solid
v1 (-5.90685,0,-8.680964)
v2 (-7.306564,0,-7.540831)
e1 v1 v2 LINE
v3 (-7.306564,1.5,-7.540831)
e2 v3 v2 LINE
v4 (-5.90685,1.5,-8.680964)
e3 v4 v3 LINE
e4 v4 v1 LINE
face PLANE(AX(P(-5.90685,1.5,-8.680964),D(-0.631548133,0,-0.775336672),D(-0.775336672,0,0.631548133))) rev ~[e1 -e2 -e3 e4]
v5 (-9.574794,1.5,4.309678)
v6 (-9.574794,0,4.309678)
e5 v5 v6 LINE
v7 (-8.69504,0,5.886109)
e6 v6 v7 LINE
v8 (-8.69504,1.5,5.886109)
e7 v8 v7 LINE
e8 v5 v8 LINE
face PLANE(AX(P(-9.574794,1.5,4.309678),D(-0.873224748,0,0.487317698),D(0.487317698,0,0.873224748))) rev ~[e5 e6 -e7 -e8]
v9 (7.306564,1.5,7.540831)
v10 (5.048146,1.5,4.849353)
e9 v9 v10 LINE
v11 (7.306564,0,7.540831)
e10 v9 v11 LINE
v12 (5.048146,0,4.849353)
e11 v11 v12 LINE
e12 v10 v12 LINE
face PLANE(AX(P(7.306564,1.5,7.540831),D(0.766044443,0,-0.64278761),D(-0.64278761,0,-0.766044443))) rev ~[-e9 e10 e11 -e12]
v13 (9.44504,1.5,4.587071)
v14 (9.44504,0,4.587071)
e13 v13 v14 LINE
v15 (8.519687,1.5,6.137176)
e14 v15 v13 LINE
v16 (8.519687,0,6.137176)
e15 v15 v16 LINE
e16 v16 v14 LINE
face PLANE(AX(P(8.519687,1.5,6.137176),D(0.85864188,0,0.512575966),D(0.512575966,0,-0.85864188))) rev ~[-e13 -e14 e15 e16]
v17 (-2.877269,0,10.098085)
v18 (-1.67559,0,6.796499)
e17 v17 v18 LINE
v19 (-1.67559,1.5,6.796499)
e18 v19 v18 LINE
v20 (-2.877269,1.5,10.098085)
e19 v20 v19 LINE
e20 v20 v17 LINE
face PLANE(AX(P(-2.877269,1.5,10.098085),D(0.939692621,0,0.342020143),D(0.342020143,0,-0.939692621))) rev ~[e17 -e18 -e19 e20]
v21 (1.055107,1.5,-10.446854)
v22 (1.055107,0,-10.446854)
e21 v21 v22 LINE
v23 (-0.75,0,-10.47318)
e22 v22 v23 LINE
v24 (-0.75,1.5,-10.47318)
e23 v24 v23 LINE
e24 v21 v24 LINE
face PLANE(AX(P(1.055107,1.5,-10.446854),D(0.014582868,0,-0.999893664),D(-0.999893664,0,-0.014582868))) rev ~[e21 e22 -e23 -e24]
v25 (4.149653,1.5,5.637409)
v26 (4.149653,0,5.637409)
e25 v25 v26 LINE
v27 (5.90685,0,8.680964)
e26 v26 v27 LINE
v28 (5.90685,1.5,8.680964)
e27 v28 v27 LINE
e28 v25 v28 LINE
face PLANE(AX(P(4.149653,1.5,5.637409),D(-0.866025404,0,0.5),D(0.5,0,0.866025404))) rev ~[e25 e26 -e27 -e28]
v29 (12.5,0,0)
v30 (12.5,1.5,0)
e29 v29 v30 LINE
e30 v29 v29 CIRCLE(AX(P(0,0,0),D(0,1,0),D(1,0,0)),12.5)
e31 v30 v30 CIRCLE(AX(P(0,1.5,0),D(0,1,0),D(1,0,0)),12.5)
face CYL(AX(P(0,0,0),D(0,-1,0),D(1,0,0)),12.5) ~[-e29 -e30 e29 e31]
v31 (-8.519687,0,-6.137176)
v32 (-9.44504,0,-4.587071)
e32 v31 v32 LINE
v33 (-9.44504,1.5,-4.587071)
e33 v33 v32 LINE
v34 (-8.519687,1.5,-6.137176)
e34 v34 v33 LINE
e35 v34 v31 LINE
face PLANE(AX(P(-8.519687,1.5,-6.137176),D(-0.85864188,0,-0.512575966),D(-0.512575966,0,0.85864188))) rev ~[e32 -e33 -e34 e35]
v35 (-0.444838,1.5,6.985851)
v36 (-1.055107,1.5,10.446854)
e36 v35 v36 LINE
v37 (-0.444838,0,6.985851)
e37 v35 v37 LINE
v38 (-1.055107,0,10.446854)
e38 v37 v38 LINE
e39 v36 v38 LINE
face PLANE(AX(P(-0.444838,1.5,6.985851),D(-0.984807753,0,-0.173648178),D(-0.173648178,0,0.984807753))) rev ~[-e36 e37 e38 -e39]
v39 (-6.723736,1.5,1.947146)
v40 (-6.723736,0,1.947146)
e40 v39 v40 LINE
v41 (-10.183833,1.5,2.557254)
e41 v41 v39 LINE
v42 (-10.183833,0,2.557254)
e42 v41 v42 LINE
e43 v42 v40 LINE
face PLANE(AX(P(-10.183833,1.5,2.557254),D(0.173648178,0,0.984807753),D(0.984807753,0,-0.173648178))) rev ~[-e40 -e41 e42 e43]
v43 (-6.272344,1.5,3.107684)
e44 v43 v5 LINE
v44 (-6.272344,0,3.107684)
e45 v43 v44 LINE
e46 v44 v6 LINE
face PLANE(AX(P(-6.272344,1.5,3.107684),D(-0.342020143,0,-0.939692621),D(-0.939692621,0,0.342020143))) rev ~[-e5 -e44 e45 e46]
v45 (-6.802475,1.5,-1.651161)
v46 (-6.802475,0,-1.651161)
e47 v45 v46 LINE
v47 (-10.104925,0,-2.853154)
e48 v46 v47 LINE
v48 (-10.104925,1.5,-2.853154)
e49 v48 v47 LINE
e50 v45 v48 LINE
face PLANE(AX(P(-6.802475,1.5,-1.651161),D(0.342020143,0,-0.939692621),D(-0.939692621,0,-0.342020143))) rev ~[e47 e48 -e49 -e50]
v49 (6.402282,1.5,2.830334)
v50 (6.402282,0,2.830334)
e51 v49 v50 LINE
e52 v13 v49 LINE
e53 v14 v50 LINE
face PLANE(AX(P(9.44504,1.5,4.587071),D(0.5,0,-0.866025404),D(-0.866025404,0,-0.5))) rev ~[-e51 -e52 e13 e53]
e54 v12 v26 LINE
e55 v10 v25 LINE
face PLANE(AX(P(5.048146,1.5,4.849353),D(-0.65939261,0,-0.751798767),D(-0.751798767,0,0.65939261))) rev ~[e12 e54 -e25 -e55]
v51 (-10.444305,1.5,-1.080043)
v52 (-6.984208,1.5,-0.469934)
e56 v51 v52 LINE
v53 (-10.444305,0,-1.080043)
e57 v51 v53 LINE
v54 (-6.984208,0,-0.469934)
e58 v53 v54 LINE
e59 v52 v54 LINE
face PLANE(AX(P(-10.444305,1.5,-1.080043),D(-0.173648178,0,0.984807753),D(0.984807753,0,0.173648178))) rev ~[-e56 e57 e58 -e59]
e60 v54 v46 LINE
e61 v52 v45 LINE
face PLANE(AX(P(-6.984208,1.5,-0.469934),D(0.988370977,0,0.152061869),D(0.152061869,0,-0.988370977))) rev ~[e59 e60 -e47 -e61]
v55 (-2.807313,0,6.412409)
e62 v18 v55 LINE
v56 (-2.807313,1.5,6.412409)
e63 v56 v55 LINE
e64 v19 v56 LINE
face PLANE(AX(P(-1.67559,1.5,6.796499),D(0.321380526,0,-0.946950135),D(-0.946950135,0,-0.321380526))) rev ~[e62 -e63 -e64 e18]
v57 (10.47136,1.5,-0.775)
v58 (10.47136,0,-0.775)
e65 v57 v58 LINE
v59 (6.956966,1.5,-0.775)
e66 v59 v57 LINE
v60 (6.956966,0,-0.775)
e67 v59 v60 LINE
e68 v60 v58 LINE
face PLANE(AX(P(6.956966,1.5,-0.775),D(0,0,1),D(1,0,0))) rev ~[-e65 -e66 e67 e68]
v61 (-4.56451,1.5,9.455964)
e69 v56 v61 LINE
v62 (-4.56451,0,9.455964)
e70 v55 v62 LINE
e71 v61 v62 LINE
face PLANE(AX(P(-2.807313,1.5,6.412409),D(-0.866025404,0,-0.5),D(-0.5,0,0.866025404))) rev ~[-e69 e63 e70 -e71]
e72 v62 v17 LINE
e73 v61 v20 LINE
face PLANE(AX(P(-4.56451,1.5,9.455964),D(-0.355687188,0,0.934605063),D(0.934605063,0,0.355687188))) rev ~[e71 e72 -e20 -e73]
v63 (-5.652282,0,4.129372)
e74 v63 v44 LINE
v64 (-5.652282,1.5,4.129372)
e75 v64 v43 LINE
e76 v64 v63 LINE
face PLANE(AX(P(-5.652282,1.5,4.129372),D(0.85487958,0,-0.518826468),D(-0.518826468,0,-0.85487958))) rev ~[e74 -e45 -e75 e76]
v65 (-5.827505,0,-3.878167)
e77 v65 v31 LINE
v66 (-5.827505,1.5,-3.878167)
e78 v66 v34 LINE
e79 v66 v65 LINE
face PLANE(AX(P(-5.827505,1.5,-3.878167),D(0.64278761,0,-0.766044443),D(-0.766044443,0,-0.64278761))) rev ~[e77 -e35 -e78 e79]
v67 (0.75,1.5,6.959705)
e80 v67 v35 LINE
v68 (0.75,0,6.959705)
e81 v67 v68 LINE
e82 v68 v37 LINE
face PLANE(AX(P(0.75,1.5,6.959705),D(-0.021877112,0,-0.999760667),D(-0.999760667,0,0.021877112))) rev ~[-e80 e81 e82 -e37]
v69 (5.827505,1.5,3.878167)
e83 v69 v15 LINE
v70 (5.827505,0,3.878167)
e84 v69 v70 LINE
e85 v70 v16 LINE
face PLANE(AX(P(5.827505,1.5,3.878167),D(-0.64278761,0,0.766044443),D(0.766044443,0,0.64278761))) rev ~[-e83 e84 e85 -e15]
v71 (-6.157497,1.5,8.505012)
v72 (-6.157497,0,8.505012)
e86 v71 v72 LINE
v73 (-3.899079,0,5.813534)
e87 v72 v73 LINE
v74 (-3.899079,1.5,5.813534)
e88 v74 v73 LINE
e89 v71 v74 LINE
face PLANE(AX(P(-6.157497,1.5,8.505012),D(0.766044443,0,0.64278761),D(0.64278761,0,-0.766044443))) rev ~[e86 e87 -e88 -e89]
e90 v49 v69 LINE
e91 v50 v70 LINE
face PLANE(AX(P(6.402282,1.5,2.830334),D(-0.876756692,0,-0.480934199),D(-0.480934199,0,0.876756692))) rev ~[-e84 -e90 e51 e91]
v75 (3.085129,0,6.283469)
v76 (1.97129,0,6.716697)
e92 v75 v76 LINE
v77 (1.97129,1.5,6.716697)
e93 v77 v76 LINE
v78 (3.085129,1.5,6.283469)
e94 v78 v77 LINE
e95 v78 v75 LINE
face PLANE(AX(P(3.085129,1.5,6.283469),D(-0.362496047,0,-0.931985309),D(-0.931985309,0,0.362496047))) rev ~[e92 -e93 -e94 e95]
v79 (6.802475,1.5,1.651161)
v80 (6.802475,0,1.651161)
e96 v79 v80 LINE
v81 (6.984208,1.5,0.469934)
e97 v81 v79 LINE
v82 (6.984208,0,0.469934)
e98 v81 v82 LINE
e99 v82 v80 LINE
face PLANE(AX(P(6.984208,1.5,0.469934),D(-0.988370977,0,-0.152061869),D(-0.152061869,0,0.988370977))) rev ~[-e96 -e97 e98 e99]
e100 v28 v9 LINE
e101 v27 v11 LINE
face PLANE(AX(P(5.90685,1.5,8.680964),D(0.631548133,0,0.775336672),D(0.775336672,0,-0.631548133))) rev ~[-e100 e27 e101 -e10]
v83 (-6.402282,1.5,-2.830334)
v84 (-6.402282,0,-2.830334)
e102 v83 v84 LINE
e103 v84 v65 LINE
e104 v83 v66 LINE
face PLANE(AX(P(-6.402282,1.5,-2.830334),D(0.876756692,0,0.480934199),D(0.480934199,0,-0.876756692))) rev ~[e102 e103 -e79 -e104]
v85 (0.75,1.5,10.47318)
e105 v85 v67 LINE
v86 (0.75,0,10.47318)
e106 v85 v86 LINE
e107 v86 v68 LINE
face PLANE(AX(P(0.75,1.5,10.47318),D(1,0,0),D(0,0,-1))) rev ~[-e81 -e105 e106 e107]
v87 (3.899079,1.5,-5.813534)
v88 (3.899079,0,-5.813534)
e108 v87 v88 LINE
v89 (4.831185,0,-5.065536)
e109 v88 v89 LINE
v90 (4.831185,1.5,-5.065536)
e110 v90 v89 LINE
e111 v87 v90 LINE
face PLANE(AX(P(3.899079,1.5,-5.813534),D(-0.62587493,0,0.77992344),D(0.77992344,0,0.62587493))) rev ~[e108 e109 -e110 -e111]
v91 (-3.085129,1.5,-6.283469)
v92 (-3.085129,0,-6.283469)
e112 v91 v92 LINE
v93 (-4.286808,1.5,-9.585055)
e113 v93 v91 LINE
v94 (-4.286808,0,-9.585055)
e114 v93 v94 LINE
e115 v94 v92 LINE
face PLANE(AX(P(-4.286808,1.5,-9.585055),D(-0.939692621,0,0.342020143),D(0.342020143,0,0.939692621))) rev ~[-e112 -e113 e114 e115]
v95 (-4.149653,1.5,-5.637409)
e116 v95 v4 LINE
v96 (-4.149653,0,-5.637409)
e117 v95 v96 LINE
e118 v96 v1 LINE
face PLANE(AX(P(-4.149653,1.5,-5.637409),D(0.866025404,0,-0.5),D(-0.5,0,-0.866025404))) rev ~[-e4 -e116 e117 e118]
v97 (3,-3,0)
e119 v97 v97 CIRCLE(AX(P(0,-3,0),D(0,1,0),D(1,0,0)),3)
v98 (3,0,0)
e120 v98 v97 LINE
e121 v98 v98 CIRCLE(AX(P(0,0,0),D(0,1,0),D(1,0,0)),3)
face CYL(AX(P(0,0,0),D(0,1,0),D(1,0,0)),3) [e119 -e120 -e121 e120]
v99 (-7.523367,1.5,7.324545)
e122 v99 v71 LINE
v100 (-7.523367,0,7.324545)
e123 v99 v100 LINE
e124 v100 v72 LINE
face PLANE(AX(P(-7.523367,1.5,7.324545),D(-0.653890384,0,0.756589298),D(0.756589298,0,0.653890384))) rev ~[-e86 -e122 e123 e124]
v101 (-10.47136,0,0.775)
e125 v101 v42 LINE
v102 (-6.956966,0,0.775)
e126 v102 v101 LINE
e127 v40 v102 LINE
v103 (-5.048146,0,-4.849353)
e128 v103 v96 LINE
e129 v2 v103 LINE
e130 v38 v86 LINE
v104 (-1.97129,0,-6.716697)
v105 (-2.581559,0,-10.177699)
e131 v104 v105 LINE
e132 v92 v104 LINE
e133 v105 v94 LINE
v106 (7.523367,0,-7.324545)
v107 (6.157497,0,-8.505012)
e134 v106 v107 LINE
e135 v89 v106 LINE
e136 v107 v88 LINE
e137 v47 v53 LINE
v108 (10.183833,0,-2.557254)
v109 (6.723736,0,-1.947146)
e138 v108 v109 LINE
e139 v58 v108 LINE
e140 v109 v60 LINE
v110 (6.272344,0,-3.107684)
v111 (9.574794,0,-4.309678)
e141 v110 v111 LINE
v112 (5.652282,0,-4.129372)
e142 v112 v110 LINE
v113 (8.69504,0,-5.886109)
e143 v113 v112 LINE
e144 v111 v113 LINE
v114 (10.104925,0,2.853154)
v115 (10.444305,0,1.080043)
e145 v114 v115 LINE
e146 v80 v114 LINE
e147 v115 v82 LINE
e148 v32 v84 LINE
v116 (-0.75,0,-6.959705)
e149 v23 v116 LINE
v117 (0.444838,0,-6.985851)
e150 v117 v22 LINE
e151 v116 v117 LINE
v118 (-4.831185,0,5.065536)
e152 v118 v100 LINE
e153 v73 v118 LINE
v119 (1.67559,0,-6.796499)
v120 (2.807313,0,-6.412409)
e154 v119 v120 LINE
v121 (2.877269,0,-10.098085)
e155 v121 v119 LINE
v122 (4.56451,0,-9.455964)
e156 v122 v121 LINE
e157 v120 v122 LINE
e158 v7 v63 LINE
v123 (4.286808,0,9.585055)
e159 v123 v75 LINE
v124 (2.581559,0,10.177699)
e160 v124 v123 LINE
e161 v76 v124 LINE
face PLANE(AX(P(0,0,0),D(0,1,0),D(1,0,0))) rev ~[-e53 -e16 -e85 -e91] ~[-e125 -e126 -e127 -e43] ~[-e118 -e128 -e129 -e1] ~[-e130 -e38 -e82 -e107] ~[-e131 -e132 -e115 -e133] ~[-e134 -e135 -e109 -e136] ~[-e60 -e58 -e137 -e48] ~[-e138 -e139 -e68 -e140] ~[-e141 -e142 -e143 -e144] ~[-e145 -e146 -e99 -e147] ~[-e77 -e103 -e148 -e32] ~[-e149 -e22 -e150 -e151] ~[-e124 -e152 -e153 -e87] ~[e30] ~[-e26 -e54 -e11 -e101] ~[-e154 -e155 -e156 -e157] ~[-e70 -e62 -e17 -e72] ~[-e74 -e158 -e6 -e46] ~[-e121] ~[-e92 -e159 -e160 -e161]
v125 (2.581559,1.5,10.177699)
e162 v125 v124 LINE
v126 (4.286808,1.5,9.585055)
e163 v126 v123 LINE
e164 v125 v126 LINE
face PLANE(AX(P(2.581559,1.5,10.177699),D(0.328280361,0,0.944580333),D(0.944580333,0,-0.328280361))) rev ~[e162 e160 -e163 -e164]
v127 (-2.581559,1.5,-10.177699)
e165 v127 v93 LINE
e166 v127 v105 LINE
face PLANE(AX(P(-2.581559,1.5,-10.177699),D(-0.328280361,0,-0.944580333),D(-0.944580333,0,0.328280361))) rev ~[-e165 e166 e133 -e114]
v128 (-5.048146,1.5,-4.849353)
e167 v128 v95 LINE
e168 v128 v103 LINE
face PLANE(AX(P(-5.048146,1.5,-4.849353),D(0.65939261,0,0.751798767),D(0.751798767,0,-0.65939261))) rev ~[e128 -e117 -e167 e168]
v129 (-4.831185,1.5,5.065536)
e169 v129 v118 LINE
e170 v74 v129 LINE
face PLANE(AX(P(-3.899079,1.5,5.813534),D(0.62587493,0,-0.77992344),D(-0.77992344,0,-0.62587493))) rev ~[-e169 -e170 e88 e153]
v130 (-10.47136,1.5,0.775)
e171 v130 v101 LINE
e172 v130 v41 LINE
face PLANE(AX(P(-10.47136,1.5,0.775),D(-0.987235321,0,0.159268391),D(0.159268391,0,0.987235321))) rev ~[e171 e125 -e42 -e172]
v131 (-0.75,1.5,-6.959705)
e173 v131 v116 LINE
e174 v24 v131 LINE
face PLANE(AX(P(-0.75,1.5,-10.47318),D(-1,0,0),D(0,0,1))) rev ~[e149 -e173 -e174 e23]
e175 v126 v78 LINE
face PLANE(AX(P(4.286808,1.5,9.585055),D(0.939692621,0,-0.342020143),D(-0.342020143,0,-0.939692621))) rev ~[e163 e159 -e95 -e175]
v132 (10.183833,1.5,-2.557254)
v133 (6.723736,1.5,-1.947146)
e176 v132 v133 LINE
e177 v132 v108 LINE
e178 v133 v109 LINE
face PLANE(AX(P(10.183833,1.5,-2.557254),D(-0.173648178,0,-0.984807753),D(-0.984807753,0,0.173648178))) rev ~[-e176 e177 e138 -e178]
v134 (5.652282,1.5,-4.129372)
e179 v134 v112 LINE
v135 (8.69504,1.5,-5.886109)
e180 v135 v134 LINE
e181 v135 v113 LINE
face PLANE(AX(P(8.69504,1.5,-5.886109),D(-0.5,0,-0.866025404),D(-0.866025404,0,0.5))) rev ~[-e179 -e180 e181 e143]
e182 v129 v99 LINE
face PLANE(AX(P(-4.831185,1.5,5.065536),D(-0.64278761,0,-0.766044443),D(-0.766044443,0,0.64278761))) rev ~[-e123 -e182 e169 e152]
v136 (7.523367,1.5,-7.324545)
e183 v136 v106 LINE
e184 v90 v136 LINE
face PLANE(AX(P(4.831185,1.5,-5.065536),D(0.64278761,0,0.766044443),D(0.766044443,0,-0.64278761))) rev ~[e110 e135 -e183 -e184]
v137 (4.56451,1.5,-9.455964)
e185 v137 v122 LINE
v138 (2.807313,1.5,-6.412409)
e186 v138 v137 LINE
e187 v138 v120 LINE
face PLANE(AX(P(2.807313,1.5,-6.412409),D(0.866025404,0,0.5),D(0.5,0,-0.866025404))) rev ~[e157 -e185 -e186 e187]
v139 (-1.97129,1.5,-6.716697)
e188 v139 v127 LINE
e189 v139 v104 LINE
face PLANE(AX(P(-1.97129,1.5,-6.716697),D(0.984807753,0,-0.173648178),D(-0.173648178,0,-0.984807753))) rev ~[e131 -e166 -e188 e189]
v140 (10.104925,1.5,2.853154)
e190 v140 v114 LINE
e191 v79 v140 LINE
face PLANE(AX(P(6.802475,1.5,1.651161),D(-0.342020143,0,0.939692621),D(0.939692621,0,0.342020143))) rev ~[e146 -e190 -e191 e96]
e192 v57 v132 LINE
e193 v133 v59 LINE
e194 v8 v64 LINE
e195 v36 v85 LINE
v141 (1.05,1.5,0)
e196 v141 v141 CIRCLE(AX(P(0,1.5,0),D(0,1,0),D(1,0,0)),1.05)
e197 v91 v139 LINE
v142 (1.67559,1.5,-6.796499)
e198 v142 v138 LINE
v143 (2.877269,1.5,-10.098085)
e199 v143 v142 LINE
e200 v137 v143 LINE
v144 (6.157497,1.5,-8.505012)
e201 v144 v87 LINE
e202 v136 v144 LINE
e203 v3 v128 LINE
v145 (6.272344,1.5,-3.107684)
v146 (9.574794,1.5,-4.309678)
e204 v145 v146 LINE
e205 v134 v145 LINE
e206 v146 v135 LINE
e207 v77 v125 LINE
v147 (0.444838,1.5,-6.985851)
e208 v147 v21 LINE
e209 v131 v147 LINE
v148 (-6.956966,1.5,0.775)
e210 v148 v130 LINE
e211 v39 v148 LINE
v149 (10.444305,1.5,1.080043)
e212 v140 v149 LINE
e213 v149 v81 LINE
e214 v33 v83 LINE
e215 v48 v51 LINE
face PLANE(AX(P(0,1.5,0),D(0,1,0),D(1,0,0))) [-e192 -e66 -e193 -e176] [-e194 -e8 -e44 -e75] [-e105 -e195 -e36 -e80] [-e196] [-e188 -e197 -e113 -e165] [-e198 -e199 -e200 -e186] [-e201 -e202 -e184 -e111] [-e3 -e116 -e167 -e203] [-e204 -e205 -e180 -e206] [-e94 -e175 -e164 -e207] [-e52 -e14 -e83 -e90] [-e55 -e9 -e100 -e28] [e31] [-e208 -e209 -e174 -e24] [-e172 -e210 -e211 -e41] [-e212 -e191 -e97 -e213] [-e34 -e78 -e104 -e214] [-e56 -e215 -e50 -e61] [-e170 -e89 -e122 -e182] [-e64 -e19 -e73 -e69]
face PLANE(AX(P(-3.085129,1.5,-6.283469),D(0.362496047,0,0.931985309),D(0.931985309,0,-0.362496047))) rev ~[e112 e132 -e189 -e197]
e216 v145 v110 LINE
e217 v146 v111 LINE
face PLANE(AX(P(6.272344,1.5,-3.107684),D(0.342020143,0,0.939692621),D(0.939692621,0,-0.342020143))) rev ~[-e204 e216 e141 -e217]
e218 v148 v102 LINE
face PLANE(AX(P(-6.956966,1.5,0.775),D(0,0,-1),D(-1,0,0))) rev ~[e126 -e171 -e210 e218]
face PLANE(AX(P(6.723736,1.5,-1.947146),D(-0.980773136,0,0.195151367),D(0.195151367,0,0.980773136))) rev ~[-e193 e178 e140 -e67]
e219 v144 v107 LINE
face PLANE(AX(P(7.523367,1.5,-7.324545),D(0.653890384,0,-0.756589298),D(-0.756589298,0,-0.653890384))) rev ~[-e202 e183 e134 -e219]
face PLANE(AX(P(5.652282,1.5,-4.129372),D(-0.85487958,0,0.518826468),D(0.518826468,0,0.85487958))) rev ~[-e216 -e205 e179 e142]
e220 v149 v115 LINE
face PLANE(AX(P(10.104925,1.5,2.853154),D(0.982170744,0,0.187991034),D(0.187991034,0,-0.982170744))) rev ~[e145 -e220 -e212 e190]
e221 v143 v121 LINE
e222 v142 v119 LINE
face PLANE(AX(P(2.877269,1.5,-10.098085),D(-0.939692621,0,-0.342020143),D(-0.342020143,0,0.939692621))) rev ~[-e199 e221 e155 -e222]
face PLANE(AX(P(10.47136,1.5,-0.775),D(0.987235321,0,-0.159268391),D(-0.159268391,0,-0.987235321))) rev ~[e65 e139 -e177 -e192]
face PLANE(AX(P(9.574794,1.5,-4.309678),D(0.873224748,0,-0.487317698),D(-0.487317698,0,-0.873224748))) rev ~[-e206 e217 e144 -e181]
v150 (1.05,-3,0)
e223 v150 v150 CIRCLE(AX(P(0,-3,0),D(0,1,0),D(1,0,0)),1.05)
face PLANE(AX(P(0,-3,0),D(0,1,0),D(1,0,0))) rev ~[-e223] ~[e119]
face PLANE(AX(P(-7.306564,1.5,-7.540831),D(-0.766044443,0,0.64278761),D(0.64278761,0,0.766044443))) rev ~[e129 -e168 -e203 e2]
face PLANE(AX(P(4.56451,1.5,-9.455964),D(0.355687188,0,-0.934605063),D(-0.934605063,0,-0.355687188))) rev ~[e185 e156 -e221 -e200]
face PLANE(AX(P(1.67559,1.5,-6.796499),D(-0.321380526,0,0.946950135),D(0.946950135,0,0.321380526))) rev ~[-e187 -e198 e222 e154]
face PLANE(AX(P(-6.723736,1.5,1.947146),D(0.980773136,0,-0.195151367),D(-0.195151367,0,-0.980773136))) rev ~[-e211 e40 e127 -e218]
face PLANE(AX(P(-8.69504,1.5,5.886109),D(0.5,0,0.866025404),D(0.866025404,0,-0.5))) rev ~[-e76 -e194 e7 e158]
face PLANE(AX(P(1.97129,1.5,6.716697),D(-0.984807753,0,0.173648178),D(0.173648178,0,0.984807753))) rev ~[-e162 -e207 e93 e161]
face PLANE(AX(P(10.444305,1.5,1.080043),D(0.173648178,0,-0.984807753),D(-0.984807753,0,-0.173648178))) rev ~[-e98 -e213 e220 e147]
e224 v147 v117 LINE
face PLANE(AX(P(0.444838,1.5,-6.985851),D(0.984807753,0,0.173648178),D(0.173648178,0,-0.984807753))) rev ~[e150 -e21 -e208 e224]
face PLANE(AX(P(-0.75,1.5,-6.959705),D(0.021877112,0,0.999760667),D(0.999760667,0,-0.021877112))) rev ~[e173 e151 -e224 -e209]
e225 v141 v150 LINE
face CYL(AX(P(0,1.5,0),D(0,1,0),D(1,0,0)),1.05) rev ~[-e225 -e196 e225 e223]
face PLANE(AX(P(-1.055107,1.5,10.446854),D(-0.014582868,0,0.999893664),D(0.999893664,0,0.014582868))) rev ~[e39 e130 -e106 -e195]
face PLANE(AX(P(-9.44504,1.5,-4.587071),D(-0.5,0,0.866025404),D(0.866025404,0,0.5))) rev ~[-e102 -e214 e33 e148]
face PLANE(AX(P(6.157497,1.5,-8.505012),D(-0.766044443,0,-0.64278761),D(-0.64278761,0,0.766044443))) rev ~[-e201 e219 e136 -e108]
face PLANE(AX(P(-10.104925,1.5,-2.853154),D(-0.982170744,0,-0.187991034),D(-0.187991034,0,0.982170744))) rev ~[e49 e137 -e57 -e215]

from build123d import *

# Parameters (mm, degrees)
SKETCH_1_R               = 12.5
EXTRUDE_1_DEPTH          = 1.5
CUT_EXTRUDE_1_DEPTH      = 2
SKETCH_3_R               = 1.05
CUT_EXTRUDE_2_DEPTH      = 22
EXTRUDE_START            = -1.5
SKETCH_4_R               = 3
EXTRUDE_2_DEPTH          = 3
PATTERN_CIRCULAR_1_COUNT = 18
SKETCH_5_R               = 1.05
CUT_EXTRUDE_3_DEPTH      = 23


with BuildPart() as part:
    # 스케치1 → 보스-돌출1 (new body)
    with BuildSketch(Plane(origin=(0, 0, 0), x_dir=(1, 0, 0), z_dir=(0, 1, 0))):
        Circle(SKETCH_1_R)
    extrude(amount=EXTRUDE_1_DEPTH)

    # 스케치2 → 컷-돌출1 (cut)
    with BuildSketch(Plane(origin=(0, 1.5, 0), x_dir=(1, 0, 0), z_dir=(0, 1, 0))):
        Polygon((-0.75, 6.959705454), (0.444838448, 6.985851326), (1.05510653, 10.446853603), (-0.75, 10.473180033), align=None)
    cut_extrude_1 = extrude(amount=-CUT_EXTRUDE_1_DEPTH, mode=Mode.SUBTRACT)

    # 스케치3 → 컷-돌출2 (cut)
    with BuildSketch(Plane(origin=(0, 1.5, 0), x_dir=(1, 0, 0), z_dir=(0, 1, 0))):
        Circle(SKETCH_3_R)
    extrude(amount=-CUT_EXTRUDE_2_DEPTH, mode=Mode.SUBTRACT)

    # 스케치4 → 보스-돌출2 (add)
    with BuildSketch(Plane(origin=(0, 1.5, 0), x_dir=(1, 0, 0), z_dir=(0, 1, 0)).offset(EXTRUDE_START)):
        Circle(SKETCH_4_R)
    extrude(amount=-EXTRUDE_2_DEPTH)

    # 원형 패턴1: 컷-돌출1 ×18 about axis
    pattern_circular_1_axis = Axis((0, 0, 0), (0, 1, 0))
    for i in range(1, PATTERN_CIRCULAR_1_COUNT):
        add(cut_extrude_1.rotate(pattern_circular_1_axis, i * 360 / PATTERN_CIRCULAR_1_COUNT), mode=Mode.SUBTRACT)

    # 스케치5 → 컷-돌출3 (cut)
    with BuildSketch(Plane(origin=(0, 1.5, 0), x_dir=(1, 0, 0), z_dir=(0, 1, 0))):
        Circle(SKETCH_5_R)
    extrude(amount=-CUT_EXTRUDE_3_DEPTH, mode=Mode.SUBTRACT)


solid = part.part
